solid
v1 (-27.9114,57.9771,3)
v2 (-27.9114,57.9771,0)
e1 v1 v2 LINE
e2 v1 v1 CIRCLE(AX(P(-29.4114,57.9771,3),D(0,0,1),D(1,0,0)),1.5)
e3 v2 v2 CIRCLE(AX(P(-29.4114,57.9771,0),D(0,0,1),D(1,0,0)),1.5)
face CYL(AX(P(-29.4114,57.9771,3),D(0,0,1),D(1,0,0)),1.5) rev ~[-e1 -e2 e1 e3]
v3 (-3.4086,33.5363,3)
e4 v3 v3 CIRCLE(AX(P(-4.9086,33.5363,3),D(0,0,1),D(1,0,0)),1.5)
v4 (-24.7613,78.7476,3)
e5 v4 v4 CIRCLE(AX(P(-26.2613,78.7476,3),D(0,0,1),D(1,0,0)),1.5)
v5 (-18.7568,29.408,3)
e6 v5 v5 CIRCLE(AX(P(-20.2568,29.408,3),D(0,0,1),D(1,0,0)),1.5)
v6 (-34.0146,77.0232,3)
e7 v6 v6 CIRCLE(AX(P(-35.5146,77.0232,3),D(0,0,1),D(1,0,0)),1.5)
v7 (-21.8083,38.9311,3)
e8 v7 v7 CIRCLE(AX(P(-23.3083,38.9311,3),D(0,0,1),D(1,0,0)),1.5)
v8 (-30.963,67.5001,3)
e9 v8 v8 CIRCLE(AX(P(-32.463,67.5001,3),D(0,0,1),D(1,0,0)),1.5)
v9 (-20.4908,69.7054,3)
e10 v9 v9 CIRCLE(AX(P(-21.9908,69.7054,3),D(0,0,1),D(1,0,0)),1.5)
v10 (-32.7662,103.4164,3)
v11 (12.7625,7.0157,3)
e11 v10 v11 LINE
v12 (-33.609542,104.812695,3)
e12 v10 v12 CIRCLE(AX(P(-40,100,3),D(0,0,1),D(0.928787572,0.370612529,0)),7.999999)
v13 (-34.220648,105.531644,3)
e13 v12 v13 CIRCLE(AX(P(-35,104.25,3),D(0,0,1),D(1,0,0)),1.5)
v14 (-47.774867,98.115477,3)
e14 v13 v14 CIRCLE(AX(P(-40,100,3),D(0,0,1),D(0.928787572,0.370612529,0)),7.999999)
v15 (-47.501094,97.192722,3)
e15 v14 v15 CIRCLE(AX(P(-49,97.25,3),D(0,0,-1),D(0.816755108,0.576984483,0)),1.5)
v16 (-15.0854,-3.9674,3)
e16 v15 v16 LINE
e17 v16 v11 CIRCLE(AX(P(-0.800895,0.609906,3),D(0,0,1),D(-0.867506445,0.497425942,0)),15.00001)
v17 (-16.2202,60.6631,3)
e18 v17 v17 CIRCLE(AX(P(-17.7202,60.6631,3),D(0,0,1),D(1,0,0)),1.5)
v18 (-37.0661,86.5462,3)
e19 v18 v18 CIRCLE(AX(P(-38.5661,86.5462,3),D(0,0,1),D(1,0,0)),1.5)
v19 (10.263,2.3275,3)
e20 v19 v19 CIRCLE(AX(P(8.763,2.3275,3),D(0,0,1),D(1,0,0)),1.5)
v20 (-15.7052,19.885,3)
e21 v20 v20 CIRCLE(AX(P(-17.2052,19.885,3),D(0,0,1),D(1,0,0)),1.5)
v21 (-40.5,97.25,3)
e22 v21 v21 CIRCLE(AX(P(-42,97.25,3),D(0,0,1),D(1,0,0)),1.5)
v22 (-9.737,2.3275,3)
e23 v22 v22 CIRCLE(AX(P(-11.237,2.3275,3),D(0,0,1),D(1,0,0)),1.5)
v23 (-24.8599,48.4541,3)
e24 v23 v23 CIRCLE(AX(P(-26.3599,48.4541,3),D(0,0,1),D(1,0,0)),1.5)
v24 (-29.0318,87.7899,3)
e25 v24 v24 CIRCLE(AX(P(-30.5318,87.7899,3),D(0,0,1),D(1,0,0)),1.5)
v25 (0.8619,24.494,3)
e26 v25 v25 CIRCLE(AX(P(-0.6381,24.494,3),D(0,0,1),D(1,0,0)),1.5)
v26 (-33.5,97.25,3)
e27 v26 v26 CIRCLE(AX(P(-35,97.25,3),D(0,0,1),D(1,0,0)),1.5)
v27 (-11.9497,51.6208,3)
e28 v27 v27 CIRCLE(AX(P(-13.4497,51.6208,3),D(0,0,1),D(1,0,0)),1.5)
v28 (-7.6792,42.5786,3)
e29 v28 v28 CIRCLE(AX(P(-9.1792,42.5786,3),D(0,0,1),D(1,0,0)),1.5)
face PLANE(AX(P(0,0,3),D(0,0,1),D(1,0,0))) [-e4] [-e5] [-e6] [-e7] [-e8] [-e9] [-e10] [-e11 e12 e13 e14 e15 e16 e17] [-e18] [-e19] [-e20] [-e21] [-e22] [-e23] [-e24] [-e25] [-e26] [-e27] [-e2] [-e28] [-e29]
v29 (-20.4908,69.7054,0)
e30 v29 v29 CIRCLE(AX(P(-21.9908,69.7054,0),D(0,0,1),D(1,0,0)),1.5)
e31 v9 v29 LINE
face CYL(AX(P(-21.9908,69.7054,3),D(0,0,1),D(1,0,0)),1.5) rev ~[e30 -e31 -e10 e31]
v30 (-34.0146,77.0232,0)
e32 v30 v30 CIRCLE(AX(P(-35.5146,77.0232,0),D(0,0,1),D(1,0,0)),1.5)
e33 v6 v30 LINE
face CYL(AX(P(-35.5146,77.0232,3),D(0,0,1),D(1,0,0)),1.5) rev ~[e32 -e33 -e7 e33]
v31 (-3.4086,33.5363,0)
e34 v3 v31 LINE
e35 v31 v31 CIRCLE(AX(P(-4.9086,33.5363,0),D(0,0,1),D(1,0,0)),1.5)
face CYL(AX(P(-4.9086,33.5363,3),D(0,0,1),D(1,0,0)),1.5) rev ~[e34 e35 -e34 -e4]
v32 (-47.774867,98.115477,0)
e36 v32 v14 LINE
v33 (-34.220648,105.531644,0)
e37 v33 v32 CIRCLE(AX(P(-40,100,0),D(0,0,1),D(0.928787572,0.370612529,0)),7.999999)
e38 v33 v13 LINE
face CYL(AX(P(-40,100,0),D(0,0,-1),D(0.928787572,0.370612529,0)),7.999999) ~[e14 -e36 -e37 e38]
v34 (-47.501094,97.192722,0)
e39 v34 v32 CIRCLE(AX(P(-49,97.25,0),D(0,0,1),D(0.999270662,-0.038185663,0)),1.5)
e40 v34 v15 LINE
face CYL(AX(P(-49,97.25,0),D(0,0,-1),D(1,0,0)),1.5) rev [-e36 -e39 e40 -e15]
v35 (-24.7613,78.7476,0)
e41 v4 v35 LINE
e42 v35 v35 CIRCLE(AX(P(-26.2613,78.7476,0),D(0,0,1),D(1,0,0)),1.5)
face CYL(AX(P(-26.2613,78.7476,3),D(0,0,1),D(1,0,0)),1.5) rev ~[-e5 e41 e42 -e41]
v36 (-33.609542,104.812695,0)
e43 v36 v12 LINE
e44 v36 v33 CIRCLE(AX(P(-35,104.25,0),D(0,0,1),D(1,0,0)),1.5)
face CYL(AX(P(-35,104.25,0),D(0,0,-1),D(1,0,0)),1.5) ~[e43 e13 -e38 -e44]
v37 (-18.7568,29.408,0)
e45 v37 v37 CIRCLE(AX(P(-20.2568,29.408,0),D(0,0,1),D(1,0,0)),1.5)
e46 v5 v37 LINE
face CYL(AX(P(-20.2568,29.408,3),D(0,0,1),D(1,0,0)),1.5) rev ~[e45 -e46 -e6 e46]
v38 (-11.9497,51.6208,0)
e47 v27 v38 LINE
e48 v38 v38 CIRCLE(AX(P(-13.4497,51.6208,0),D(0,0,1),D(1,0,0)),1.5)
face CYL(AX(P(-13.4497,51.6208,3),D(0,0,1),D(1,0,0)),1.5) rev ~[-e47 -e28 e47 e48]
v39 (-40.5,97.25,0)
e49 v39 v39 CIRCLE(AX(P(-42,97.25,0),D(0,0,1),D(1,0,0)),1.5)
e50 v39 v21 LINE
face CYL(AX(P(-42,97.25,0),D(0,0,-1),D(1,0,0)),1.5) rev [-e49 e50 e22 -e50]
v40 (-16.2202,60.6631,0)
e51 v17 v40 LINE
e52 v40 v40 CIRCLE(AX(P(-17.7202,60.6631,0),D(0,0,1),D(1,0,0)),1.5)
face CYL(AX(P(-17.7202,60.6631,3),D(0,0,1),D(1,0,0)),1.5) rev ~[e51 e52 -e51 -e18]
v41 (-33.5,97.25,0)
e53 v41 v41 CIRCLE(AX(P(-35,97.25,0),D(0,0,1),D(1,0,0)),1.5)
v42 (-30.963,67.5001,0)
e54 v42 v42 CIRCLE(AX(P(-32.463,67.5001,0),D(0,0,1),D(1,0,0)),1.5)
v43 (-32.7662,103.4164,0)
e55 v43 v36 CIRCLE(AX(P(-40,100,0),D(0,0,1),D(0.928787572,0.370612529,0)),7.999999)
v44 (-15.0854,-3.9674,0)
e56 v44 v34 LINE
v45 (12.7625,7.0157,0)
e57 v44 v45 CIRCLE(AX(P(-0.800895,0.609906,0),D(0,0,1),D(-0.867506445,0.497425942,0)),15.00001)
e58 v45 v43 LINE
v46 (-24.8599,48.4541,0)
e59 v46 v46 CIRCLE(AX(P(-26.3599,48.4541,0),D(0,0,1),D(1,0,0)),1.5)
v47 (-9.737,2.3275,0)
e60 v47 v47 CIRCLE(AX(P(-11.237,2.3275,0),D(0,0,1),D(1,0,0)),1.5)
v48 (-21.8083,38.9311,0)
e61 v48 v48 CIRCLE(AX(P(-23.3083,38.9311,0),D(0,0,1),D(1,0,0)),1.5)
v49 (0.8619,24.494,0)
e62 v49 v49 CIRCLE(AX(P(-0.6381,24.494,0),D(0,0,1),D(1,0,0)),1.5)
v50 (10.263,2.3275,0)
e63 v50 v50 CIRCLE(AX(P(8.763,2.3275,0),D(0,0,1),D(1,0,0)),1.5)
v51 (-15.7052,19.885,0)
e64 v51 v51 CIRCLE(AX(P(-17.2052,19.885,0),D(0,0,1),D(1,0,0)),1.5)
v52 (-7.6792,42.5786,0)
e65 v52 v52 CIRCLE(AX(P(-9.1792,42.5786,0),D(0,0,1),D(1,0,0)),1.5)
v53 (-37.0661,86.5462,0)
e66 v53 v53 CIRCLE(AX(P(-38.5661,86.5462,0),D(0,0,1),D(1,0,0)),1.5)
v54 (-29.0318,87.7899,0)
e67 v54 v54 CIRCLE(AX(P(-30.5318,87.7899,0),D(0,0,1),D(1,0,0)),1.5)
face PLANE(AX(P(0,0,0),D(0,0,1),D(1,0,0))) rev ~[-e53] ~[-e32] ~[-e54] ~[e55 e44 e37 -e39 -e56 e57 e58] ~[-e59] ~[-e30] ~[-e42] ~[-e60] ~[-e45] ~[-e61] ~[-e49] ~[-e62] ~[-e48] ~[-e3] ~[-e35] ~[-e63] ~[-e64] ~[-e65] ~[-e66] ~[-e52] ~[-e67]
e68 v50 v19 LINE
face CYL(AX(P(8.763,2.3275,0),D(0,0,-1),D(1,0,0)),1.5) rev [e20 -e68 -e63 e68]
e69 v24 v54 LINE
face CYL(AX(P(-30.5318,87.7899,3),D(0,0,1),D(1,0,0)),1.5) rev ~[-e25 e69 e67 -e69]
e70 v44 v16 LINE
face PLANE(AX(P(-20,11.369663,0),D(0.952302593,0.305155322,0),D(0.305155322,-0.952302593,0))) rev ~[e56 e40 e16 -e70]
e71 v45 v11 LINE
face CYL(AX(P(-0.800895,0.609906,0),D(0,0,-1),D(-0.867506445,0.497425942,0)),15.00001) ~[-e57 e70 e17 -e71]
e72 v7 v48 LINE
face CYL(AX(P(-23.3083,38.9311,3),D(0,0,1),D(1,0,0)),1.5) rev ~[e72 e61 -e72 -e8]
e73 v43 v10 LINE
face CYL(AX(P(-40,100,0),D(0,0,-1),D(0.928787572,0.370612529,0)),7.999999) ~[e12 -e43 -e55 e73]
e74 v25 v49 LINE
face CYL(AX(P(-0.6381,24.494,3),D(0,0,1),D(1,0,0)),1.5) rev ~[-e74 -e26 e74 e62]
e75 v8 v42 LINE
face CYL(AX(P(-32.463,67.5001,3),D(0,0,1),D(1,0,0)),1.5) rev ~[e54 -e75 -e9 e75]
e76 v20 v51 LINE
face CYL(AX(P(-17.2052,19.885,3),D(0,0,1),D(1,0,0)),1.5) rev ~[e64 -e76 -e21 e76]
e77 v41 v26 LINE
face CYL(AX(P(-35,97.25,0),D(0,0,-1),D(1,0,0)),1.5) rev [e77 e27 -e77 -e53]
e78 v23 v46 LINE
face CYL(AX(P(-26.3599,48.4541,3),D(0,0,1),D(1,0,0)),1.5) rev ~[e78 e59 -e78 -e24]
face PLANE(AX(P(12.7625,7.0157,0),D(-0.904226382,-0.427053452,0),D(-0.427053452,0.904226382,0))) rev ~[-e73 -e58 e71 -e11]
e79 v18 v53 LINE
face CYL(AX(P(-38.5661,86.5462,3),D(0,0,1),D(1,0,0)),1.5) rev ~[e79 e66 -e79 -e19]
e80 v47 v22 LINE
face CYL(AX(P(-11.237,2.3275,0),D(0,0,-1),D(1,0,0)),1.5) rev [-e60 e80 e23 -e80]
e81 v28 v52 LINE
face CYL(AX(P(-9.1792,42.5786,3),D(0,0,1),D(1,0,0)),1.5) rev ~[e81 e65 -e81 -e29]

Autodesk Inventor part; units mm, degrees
ref_plane "YZ Plane" through (0, 0, 0) normal (1, 0, 0) x (0, 1, 0)
ref_plane "XZ Plane" through (0, 0, 0) normal (0, 1, 0) x (-1, 0, 0)
ref_plane "XY Plane" through (0, 0, 0) normal (0, 0, 1) x (1, 0, 0)
sketch "Эскиз1" plane through (0, 0, 0) normal (0, 0, 1) x (1, 0, 0)
  line L0 (15, -22.25) -> (15, 22.25) projected
  line L1 (15, 22.25) -> (-20, 22.25) projected
  line L2 (-20, 22.25) -> (-20, -22.25) projected
  line L3 (-20, -22.25) -> (15, -22.25) projected
  circle A0 centre (8.763, 2.3275) radius 1.5 projected
  circle A1 centre (8.763, 7.3275) radius 1.5 projected
  circle A2 centre (-11.237, -7.6725) radius 1.5 projected
  circle A3 centre (-11.237, -2.6725) radius 1.5 projected
  circle A4 centre (8.763, -2.6725) radius 1.5 projected
  circle A5 centre (8.763, -7.6725) radius 1.5 projected
  circle A6 centre (-11.237, 2.3275) radius 1.5 projected
  circle A7 centre (-11.237, 7.3275) radius 1.5 projected
  line L4 (-25, 92.25) -> (-62.0049, 92.25) projected
  line L5 (-103.637, 92.25) -> (-67.893, 92.25) projected
  circle A8 centre (-49, 104.25) radius 1.5 projected
  circle A9 centre (-42, 104.25) radius 1.5 projected
  circle A10 centre (-35, 104.25) radius 1.5 projected
  circle A11 centre (-35, 111.25) radius 1.5 projected
  circle A12 centre (-42, 118.25) radius 1.5 projected
  circle A13 centre (-49, 118.25) radius 1.5 projected
  circle A14 centre (-49, 111.25) radius 1.5 projected
  circle A15 centre (-35, 118.25) radius 1.5 projected
  circle A16 centre (-42, 111.25) radius 1.5 projected
  circle A17 centre (-42, 97.25) radius 1.5 projected
  circle A18 centre (-35, 97.25) radius 1.5 projected
  circle A19 centre (-49, 97.25) radius 1.5 projected
  line L6 (-25, 92.25) -> (-62.0049, 92.25) projected
  line L7 (-25, 95.25) -> (-25, 92.25) projected
  line L8 (-20, 95.25) -> (-25, 95.25) projected
  line L9 (-20, 95.25) -> (-20, 123.25) projected
  line L10 (-28, 123.25) -> (-20, 123.25) projected
  line L11 (-28, 129.25) -> (-28, 123.25) projected
  line L12 (-28, 129.25) -> (-62.0049, 129.25) projected
  line L13 (-62.0049, 92.25) -> (-62.0049, 129.25) projected
  line L14 (-5.1452, 11.625) -> (-40, 100) construction
  arc A20 (-32.5697, 102.9649) -> (-47.4303, 97.0351) centre (-40, 100) ccw
  line L15 (-5.1452, 11.625) -> (-22.5726, 55.8125) construction
  arc A21 (-13.8135, 8.0713) -> (-4.3725, 15.1785) centre (-0.8009, 0.6099) ccw
  line L16 (12.7625, 7.0157) -> (-32.7662, 103.4164)
  line L17 (-47.6184, 97.5588) -> (-15.0854, -3.9674)
  point P0 (0, 0)
  point P1 (-13.8589, 33.7187)
  point P2 (-33.6095, 104.8127)
  point P3 (-34.2206, 105.5316)
  point P4 (-47.7749, 98.1155)
  point P5 (-47.5011, 97.1926)
  dimension "d0" = 8
  dimension "d1" = 95
  dimension "d2" = 100
  dimension "d3" = 40
  dimension "d4" = 15
extrude "Выдавливание1" add sketch "Эскиз1" along normal blind 3 contours L16 A21 L17 L2 L1 | L1 L2 L17 L4 L16 | L4 L17 A19 A20 A10 L16 | A20 A10 | A10 A20 | A1 | A2 | A3 | A4 | A5 | A7 | A9
sketch "Эскиз2" plane through (0, 0, 3) normal (0, 0, 1) x (1, 0, 0)
  circle A0 centre (-38.5661, 86.5462) radius 1.5
  line L0 (-47.5011, 97.1926) -> (-15.0854, -3.9674) projected
  circle A1 centre (-35.5146, 77.0232) radius 1.5
  circle A2 centre (-32.463, 67.5001) radius 1.5
  circle A3 centre (-29.4114, 57.9771) radius 1.5
  circle A4 centre (-26.3599, 48.4541) radius 1.5
  circle A5 centre (-23.3083, 38.9311) radius 1.5
  circle A6 centre (-20.2568, 29.408) radius 1.5
  circle A7 centre (-17.2052, 19.885) radius 1.5
  circle A8 centre (-42, 97.25) radius 1.5 projected
  circle A9 centre (-11.237, 2.3275) radius 1.5 projected
  point P0 (0, 0)
  dimension "d7" = 3
  dimension "d10" = 10
  dimension "d17" = 5.2562
  dimension "d18" = 5.26
extrude "Выдавливание2" cut sketch "Эскиз2" against normal blind 3 contours A0 | A1 | A2 | A3 | A4 | A5 | A6 | A7
sketch "Эскиз3" plane through (0, 0, 3) normal (0, 0, 1) x (1, 0, 0)
  circle A0 centre (-35, 97.25) radius 1.5 projected
  line L0 (12.7625, 7.0157) -> (-32.7662, 103.4164) projected
  circle A1 centre (-30.5318, 87.7899) radius 1.5
  circle A2 centre (-26.2613, 78.7476) radius 1.5
  circle A3 centre (-21.9908, 69.7054) radius 1.5
  circle A4 centre (-17.7202, 60.6631) radius 1.5
  circle A5 centre (-13.4497, 51.6208) radius 1.5
  circle A6 centre (-9.1792, 42.5786) radius 1.5
  circle A7 centre (-4.9086, 33.5363) radius 1.5
  circle A8 centre (-0.6381, 24.494) radius 1.5
  point P0 (0, 0)
  dimension "d19" = 3
  dimension "d20" = 4.6533
  dimension "d21" = 4.653
  dimension "d24" = 10
extrude "Выдавливание3" cut sketch "Эскиз3" against normal blind 3 contours A1 | A2 | A3 | A4 | A5 | A6 | A7 | A8
properties part number "ЛЦМК000002.00.00.00.00.19 мост"
